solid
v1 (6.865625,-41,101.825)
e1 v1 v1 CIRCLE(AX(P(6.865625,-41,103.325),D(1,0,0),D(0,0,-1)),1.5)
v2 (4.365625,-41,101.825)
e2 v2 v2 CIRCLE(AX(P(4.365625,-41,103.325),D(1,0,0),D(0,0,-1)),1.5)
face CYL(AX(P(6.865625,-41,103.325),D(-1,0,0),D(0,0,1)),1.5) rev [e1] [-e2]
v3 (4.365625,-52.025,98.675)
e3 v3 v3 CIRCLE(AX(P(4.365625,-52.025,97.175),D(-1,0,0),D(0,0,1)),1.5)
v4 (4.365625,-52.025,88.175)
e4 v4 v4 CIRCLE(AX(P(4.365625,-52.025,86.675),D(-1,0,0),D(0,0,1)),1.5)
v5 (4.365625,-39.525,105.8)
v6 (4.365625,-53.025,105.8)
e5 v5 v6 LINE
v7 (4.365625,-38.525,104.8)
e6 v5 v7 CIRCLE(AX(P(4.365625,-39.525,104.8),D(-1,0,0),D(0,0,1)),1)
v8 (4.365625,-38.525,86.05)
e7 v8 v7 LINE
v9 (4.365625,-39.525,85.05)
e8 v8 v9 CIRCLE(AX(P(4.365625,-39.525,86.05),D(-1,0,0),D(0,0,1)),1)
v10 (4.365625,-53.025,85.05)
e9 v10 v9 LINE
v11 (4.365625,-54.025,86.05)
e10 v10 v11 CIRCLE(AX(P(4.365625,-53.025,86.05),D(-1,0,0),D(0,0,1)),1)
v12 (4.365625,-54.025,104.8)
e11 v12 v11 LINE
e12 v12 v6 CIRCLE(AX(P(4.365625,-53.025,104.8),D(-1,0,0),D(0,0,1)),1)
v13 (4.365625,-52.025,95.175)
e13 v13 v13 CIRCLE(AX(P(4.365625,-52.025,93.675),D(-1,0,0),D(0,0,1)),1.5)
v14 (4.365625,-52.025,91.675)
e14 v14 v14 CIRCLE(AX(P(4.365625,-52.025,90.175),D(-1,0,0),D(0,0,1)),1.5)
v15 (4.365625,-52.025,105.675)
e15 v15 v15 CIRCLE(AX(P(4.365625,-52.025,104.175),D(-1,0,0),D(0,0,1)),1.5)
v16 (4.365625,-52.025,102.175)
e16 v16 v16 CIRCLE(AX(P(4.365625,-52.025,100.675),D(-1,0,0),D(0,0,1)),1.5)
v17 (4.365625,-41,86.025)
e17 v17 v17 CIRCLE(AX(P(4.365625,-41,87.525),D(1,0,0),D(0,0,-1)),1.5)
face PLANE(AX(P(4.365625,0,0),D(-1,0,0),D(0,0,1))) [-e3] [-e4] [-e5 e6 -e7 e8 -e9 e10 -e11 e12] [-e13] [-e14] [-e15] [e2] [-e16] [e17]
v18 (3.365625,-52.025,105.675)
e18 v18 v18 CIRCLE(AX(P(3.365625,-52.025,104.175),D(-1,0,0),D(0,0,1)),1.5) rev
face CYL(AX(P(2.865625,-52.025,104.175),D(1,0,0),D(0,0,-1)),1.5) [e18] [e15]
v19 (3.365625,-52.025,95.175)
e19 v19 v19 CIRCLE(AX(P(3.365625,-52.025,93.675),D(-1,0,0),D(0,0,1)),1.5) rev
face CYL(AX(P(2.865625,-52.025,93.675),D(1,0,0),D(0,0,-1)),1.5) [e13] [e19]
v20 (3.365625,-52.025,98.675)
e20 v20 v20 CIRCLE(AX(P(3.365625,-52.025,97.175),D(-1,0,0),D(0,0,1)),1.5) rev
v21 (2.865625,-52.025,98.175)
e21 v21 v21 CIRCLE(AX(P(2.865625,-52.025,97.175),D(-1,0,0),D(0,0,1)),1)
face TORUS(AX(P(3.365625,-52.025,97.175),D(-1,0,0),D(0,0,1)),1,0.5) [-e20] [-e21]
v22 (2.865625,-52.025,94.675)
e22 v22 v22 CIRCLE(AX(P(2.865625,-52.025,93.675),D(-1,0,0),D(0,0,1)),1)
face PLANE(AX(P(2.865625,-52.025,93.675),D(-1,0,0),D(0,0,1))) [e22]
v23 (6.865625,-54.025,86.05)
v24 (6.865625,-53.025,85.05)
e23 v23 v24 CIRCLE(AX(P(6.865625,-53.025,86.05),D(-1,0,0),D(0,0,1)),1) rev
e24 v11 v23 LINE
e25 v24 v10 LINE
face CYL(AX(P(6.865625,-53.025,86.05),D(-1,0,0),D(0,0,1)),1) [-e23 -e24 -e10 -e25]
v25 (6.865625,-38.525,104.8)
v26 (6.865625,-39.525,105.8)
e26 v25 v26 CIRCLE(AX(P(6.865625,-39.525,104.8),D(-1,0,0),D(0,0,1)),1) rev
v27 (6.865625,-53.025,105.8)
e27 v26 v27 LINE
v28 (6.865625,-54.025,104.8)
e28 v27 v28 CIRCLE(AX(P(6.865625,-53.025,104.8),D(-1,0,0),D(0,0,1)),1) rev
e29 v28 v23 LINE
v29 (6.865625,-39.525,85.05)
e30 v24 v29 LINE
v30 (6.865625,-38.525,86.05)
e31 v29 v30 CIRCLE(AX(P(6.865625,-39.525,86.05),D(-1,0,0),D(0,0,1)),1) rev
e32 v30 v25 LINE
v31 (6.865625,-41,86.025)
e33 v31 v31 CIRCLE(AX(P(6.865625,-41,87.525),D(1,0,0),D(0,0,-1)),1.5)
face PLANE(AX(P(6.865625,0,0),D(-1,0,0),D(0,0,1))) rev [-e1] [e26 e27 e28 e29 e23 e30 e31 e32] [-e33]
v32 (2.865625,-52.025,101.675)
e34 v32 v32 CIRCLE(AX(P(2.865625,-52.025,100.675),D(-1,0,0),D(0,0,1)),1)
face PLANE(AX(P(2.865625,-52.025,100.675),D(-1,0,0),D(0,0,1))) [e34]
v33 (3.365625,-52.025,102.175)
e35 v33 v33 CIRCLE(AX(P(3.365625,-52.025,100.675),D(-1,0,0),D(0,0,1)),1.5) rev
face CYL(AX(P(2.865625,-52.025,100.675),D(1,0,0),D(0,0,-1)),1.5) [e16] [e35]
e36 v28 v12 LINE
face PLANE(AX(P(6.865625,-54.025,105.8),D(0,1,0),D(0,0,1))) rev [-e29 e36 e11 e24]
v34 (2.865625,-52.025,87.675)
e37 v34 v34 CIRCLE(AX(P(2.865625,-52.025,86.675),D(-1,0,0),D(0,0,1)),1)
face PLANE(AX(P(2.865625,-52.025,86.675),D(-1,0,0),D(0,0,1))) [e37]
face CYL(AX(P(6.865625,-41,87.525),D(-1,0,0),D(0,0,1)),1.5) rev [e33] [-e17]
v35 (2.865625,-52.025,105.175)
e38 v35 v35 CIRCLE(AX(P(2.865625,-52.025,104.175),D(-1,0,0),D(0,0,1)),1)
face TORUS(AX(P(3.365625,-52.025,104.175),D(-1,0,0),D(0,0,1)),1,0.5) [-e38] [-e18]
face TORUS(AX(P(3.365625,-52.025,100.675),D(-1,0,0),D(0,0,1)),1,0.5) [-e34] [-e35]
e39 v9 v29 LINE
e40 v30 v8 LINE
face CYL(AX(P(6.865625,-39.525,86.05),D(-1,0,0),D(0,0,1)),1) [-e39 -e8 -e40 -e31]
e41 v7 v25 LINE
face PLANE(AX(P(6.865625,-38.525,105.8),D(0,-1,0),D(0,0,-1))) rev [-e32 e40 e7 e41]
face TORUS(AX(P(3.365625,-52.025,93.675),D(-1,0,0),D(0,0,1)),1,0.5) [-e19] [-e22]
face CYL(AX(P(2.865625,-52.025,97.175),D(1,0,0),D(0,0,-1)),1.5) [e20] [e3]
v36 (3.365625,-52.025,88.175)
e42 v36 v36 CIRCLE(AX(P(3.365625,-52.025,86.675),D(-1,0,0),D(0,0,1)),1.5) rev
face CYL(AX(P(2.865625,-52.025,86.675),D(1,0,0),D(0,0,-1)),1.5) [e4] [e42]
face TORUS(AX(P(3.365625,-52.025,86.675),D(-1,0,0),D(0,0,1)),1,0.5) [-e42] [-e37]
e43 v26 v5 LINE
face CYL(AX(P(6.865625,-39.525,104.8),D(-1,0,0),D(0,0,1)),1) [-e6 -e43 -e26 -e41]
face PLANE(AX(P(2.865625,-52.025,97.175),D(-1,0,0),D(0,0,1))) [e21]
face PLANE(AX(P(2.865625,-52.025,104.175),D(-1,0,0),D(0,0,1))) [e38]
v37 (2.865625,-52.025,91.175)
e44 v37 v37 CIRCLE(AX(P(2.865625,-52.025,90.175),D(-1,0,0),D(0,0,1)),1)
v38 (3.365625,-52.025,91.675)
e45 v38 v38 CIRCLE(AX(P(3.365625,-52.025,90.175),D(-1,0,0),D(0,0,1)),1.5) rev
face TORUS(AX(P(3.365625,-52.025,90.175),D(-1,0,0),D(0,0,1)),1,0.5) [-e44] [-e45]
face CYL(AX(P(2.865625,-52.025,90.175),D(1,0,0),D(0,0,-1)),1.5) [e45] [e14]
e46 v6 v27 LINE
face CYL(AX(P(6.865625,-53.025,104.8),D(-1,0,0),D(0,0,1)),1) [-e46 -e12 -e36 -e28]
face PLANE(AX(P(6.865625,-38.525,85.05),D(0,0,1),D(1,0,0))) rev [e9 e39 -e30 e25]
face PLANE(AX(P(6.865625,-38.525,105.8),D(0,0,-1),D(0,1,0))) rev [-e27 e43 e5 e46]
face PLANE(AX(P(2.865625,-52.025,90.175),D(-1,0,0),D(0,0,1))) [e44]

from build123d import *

# Parameters (mm, degrees)
SKETCH1_R                               = 2.25
SKETCH1_R_2                             = 17.5641
BOSS_EXTRUDE1_DEPTH                     = 4.365625
SKETCH2_W                               = 78.1
SKETCH2_H                               = 43.1
BOSS_EXTRUDE2_DEPTH                     = 8.73125
M4_CLEARANCE_HOLE2_AT_2_COUNT           = 2
M4_CLEARANCE_HOLE2_AT_2_PITCH           = 28.1
M4_CLEARANCE_HOLE2_AT_3_COUNT           = 2
M4_CLEARANCE_HOLE2_AT_3_PITCH           = 69.07401827
M4_CLEARANCE_HOLE2_AT_4_COUNT           = 2
M4_CLEARANCE_HOLE2_AT_4_PITCH           = 63.1
SKETCH24_W                              = 78.1
SKETCH24_H                              = 43.1
BOSS_EXTRUDE3_DEPTH                     = 8.73125
TAP_DRILL_FOR_M4X0_7_TAP1_AT_2_COUNT    = 2
TAP_DRILL_FOR_M4X0_7_TAP1_AT_2_PITCH    = 28.1
TAP_DRILL_FOR_M4X0_7_TAP1_AT_3_COUNT    = 2
TAP_DRILL_FOR_M4X0_7_TAP1_AT_3_PITCH    = 69.07401827
TAP_DRILL_FOR_M4X0_7_TAP1_AT_4_COUNT    = 2
TAP_DRILL_FOR_M4X0_7_TAP1_AT_4_PITCH    = 63.1
TAP_DRILL_FOR_M3X0_5_TAP1_AT_2_COUNT    = 2
TAP_DRILL_FOR_M3X0_5_TAP1_AT_2_PITCH    = 36
TAP_DRILL_FOR_M3X0_5_TAP1_AT_3_COUNT    = 2
TAP_DRILL_FOR_M3X0_5_TAP1_AT_3_PITCH    = 28
TAP_DRILL_FOR_M3X0_5_TAP1_AT_4_COUNT    = 2
TAP_DRILL_FOR_M3X0_5_TAP1_AT_4_PITCH    = 45.607017004
TAP_DRILL_FOR_M2_5X0_45_TAP2_AT_2_COUNT = 2
TAP_DRILL_FOR_M2_5X0_45_TAP2_AT_2_PITCH = 15.8
SKETCH3_R                               = 17.5641
CUT_EXTRUDE3_DEPTH                      = 181.027817403
M6_CLEARANCE_HOLE2_AT_2_COUNT           = 2
M6_CLEARANCE_HOLE2_AT_2_PITCH           = 80
SKETCH14_W                              = 86.5
SKETCH14_H                              = 58.5
CUT_EXTRUDE4_DEPTH                      = 2
FILLET4_R                               = 10
M4_CLEARANCE_HOLE1_AT_2_COUNT           = 2
M4_CLEARANCE_HOLE1_AT_2_PITCH           = 14.136551913
M4_CLEARANCE_HOLE1_AT_3_COUNT           = 2
M4_CLEARANCE_HOLE1_AT_3_PITCH           = 7.068275957
M6_CLEARANCE_HOLE1_AT_2_COUNT           = 2
M6_CLEARANCE_HOLE1_AT_2_PITCH           = 25.4
FILLET5_R                               = 5
FILLET6_R                               = 5
SKETCH28_W                              = 15.5
SKETCH28_H                              = 20.75
SKETCH28_R                              = 1.5
BOSS_EXTRUDE4_DEPTH                     = 2.5
FILLET7_R                               = 1
SKETCH29_R                              = 1.5
BOSS_EXTRUDE5_DEPTH                     = 1.5
FILLET8_R                               = 0.5


with BuildPart() as part:
    # Sketch1 → Boss-Extrude1 (new, symmetric)
    with BuildSketch(Plane.YZ):
        Polygon((0, 170.95), (-50, 110.95), (-50, -79.05), (50, -79.05), (50, 110.95), align=None)
        with Locations((-26.25, -56.8)):
            Circle(SKETCH1_R, mode=Mode.SUBTRACT)
        with Locations((-26.25, -32.3)):
            Circle(SKETCH1_R, mode=Mode.SUBTRACT)
        with Locations((26.25, -56.8)):
            Circle(SKETCH1_R, mode=Mode.SUBTRACT)
        with Locations((26.25, -32.3)):
            Circle(SKETCH1_R, mode=Mode.SUBTRACT)
        Circle(SKETCH1_R_2, mode=Mode.SUBTRACT)
    extrude(amount=BOSS_EXTRUDE1_DEPTH, both=True)


with BuildPart() as body_2:
    # Sketch2 → Boss-Extrude2 (new body)
    with BuildSketch(Plane.YZ.offset(4.365625)):
        Rectangle(SKETCH2_W, SKETCH2_H)
    extrude(amount=BOSS_EXTRUDE2_DEPTH)


with BuildPart() as m4_clearance_hole2_tool:
    # Sketch23 → M4 Clearance Hole2 (revolve)
    with BuildSketch(Plane(origin=(13.096875, -31.55, 14.05), x_dir=(0, 0, -1), z_dir=(0, 1, 0))):
        Polygon((0, 0), (0, 17.4625), (2.25, 17.4625), (2.25, 0.025), (2.275, 0), align=None)
    m4_clearance_hole2 = revolve(axis=Axis((19.446875, -31.55, 14.05), (-1, 0, 0)))


with BuildPart() as part_1:
    add(part.part)

    # M4 Clearance Hole2: cut by m4_clearance_hole2_tool
    add(m4_clearance_hole2_tool.part, mode=Mode.SUBTRACT)


with BuildPart() as body_2_1:
    add(body_2.part)

    # M4 Clearance Hole2: cut by m4_clearance_hole2_tool
    add(m4_clearance_hole2_tool.part, mode=Mode.SUBTRACT)


with BuildPart() as m4_clearance_hole2_at_2_tool:
    # M4 Clearance Hole2 at 2: M4 Clearance Hole2 ×2
    with Locations(*[(0, 0, -i * M4_CLEARANCE_HOLE2_AT_2_PITCH) for i in range(1, M4_CLEARANCE_HOLE2_AT_2_COUNT)]):
        add(m4_clearance_hole2)


with BuildPart() as part_2:
    add(part_1.part)

    # M4 Clearance Hole2 at 2: cut by m4_clearance_hole2_at_2_tool
    add(m4_clearance_hole2_at_2_tool.part, mode=Mode.SUBTRACT)


with BuildPart() as body_2_2:
    add(body_2_1.part)

    # M4 Clearance Hole2 at 2: cut by m4_clearance_hole2_at_2_tool
    add(m4_clearance_hole2_at_2_tool.part, mode=Mode.SUBTRACT)


with BuildPart() as m4_clearance_hole2_at_3_tool:
    # M4 Clearance Hole2 at 3: M4 Clearance Hole2 ×2
    with Locations(*[Vector(0, 0.9135128023552276, -0.40680998012966574) * (i * M4_CLEARANCE_HOLE2_AT_3_PITCH) for i in range(1, M4_CLEARANCE_HOLE2_AT_3_COUNT)]):
        add(m4_clearance_hole2)


with BuildPart() as part_3:
    add(part_2.part)

    # M4 Clearance Hole2 at 3: cut by m4_clearance_hole2_at_3_tool
    add(m4_clearance_hole2_at_3_tool.part, mode=Mode.SUBTRACT)


with BuildPart() as body_2_3:
    add(body_2_2.part)

    # M4 Clearance Hole2 at 3: cut by m4_clearance_hole2_at_3_tool
    add(m4_clearance_hole2_at_3_tool.part, mode=Mode.SUBTRACT)


with BuildPart() as m4_clearance_hole2_at_4_tool:
    # M4 Clearance Hole2 at 4: M4 Clearance Hole2 ×2
    with Locations(*[(0, i * M4_CLEARANCE_HOLE2_AT_4_PITCH, 0) for i in range(1, M4_CLEARANCE_HOLE2_AT_4_COUNT)]):
        add(m4_clearance_hole2)


with BuildPart() as part_4:
    add(part_3.part)

    # M4 Clearance Hole2 at 4: cut by m4_clearance_hole2_at_4_tool
    add(m4_clearance_hole2_at_4_tool.part, mode=Mode.SUBTRACT)

    # Sketch7 → Tap Drill for M3x0.5 Tap1 (revolve, cut)
    with BuildSketch(Plane(origin=(4.365625, -18, -24.05), x_dir=(0, 0, -1), z_dir=(0, 1, 0))):
        Polygon((0, 0), (0, 17.4625), (1.25, 17.4625), (1.25, 0.025), (1.275, 0), align=None)
    tap_drill_for_m3x0_5_tap1 = revolve(axis=Axis((10.715625, -18, -24.05), (-1, 0, 0)), mode=Mode.SUBTRACT)

    # Tap Drill for M3x0.5 Tap1 at 2: Tap Drill for M3x0.5 Tap1 ×2
    with Locations(*[(0, i * TAP_DRILL_FOR_M3X0_5_TAP1_AT_2_PITCH, 0) for i in range(1, TAP_DRILL_FOR_M3X0_5_TAP1_AT_2_COUNT)]):
        add(tap_drill_for_m3x0_5_tap1, mode=Mode.SUBTRACT)

    # Tap Drill for M3x0.5 Tap1 at 3: Tap Drill for M3x0.5 Tap1 ×2
    with Locations(*[(0, 0, -i * TAP_DRILL_FOR_M3X0_5_TAP1_AT_3_PITCH) for i in range(1, TAP_DRILL_FOR_M3X0_5_TAP1_AT_3_COUNT)]):
        add(tap_drill_for_m3x0_5_tap1, mode=Mode.SUBTRACT)

    # Tap Drill for M3x0.5 Tap1 at 4: Tap Drill for M3x0.5 Tap1 ×2
    with Locations(*[Vector(0, 0.7893522173763264, -0.6139406135149205) * (i * TAP_DRILL_FOR_M3X0_5_TAP1_AT_4_PITCH) for i in range(1, TAP_DRILL_FOR_M3X0_5_TAP1_AT_4_COUNT)]):
        add(tap_drill_for_m3x0_5_tap1, mode=Mode.SUBTRACT)

    # Sketch10 → Tap Drill for M2.5x0.45 Tap2 (revolve, cut)
    with BuildSketch(Plane(origin=(4.365625, -41, 103.325), x_dir=(0, 0, -1), z_dir=(0, 1, 0))):
        Polygon((0, 0), (0, 17.4625), (1.025, 17.4625), (1.025, 0.025), (1.05, 0), align=None)
    tap_drill_for_m2_5x0_45_tap2 = revolve(axis=Axis((10.715625, -41, 103.325), (-1, 0, 0)), mode=Mode.SUBTRACT)

    # Tap Drill for M2.5x0.45 Tap2 at 2: Tap Drill for M2.5x0.45 Tap2 ×2
    with Locations(*[(0, 0, -i * TAP_DRILL_FOR_M2_5X0_45_TAP2_AT_2_PITCH) for i in range(1, TAP_DRILL_FOR_M2_5X0_45_TAP2_AT_2_COUNT)]):
        add(tap_drill_for_m2_5x0_45_tap2, mode=Mode.SUBTRACT)

    # Sketch12 → M6 Clearance Hole2 (revolve, cut)
    with BuildSketch(Plane(origin=(4.365625, -40, -69.05), x_dir=(0, 0, -1), z_dir=(0, 1, 0))):
        Polygon((0, 0), (0, 17.4625), (3.3, 17.4625), (3.3, 0.025), (3.325, 0), align=None)
    m6_clearance_hole2 = revolve(axis=Axis((10.715625, -40, -69.05), (-1, 0, 0)), mode=Mode.SUBTRACT)

    # M6 Clearance Hole2 at 2: M6 Clearance Hole2 ×2
    with Locations(*[(0, i * M6_CLEARANCE_HOLE2_AT_2_PITCH, 0) for i in range(1, M6_CLEARANCE_HOLE2_AT_2_COUNT)]):
        add(m6_clearance_hole2, mode=Mode.SUBTRACT)

    # Sketch14 → Cut-Extrude4 (cut)
    with BuildSketch(Plane.YZ.offset(4.365625)):
        with Locations((0, 50.8)):
            Rectangle(SKETCH14_W, SKETCH14_H)
    extrude(amount=-CUT_EXTRUDE4_DEPTH, mode=Mode.SUBTRACT)

    # Fillet4
    fillet4_edges = [part_4.edges().sort_by_distance(p)[0] for p in [
        (0, 50, -79.05),
        (0, -50, -79.05),
        (0, 50, 110.95),
        (0, 0, 170.95),
        (0, -50, 110.95),
    ]]
    fillet(fillet4_edges, radius=FILLET4_R)

    # Sketch16 → M4 Clearance Hole1 (revolve, cut)
    with BuildSketch(Plane(origin=(4.365625, 0, 155.329500648), x_dir=(0, 0, -1), z_dir=(0, 1, 0))):
        Polygon((0, 0), (0, 17.4625), (2.25, 17.4625), (2.25, 0.025), (2.275, 0), align=None)
    m4_clearance_hole1 = revolve(axis=Axis((10.715625, 0, 155.329500648), (-1, 0, 0)), mode=Mode.SUBTRACT)

    # M4 Clearance Hole1 at 2: M4 Clearance Hole1 ×2
    with Locations(*[(0, 0, -i * M4_CLEARANCE_HOLE1_AT_2_PITCH) for i in range(1, M4_CLEARANCE_HOLE1_AT_2_COUNT)]):
        add(m4_clearance_hole1, mode=Mode.SUBTRACT)

    # M4 Clearance Hole1 at 3: M4 Clearance Hole1 ×2
    with Locations(*[(0, 0, -i * M4_CLEARANCE_HOLE1_AT_3_PITCH) for i in range(1, M4_CLEARANCE_HOLE1_AT_3_COUNT)]):
        add(m4_clearance_hole1, mode=Mode.SUBTRACT)

    # Sketch21 → M6 Clearance Hole1 (revolve, cut)
    with BuildSketch(Plane(origin=(4.365625, 0, 131.273931646), x_dir=(0, 0, -1), z_dir=(0, 1, 0))):
        Polygon((0, 0), (0, 17.4625), (3.3, 17.4625), (3.3, 0.025), (3.325, 0), align=None)
    m6_clearance_hole1 = revolve(axis=Axis((10.715625, 0, 131.273931646), (-1, 0, 0)), mode=Mode.SUBTRACT)

    # M6 Clearance Hole1 at 2: M6 Clearance Hole1 ×2
    with Locations(*[(0, 0, -i * M6_CLEARANCE_HOLE1_AT_2_PITCH) for i in range(1, M6_CLEARANCE_HOLE1_AT_2_COUNT)]):
        add(m6_clearance_hole1, mode=Mode.SUBTRACT)


with BuildPart() as body_2_4:
    add(body_2_3.part)

    # M4 Clearance Hole2 at 4: cut by m4_clearance_hole2_at_4_tool
    add(m4_clearance_hole2_at_4_tool.part, mode=Mode.SUBTRACT)


with BuildPart() as body_3:
    # Sketch24 → Boss-Extrude3 (new body)
    with BuildSketch(Plane(origin=(-4.365625, 0, 0), x_dir=(0, -1, 0), z_dir=(-1, 0, 0))):
        Rectangle(SKETCH24_W, SKETCH24_H)
    extrude(amount=BOSS_EXTRUDE3_DEPTH)

    # Sketch27 → Tap Drill for M4x0.7 Tap1 (revolve, cut)
    with BuildSketch(Plane(origin=(-13.096875, 31.55, 14.05), x_dir=(0, 0, 1), z_dir=(0, 1, 0))):
        Polygon((0, 0), (0, 9.722670021), (1.65, 8.73125), (1.65, 0.025), (1.675, 0), align=None)
    tap_drill_for_m4x0_7_tap1 = revolve(axis=Axis((-19.446875, 31.55, 14.05), (1, 0, 0)), mode=Mode.SUBTRACT)

    # Tap Drill for M4x0.7 Tap1 at 2: Tap Drill for M4x0.7 Tap1 ×2
    with Locations(*[(0, 0, -i * TAP_DRILL_FOR_M4X0_7_TAP1_AT_2_PITCH) for i in range(1, TAP_DRILL_FOR_M4X0_7_TAP1_AT_2_COUNT)]):
        add(tap_drill_for_m4x0_7_tap1, mode=Mode.SUBTRACT)

    # Tap Drill for M4x0.7 Tap1 at 3: Tap Drill for M4x0.7 Tap1 ×2
    with Locations(*[Vector(0, -0.9135128023552276, -0.40680998012966574) * (i * TAP_DRILL_FOR_M4X0_7_TAP1_AT_3_PITCH) for i in range(1, TAP_DRILL_FOR_M4X0_7_TAP1_AT_3_COUNT)]):
        add(tap_drill_for_m4x0_7_tap1, mode=Mode.SUBTRACT)

    # Tap Drill for M4x0.7 Tap1 at 4: Tap Drill for M4x0.7 Tap1 ×2
    with Locations(*[(0, -i * TAP_DRILL_FOR_M4X0_7_TAP1_AT_4_PITCH, 0) for i in range(1, TAP_DRILL_FOR_M4X0_7_TAP1_AT_4_COUNT)]):
        add(tap_drill_for_m4x0_7_tap1, mode=Mode.SUBTRACT)


with BuildPart() as cut_extrude3_tool:
    # Sketch3 → Cut-Extrude3 (new, through all)
    with BuildSketch(Plane.YZ.offset(13.096875)):
        Circle(SKETCH3_R)
    extrude(amount=-CUT_EXTRUDE3_DEPTH)


with BuildPart() as body_2_5:
    add(body_2_4.part)

    # Cut-Extrude3: cut by cut_extrude3_tool
    add(cut_extrude3_tool.part, mode=Mode.SUBTRACT)

    # Fillet6
    fillet6_edges = [body_2_5.edges().sort_by_distance(p)[0] for p in [
        (8.73125, -39.05, 21.55),
        (8.73125, 39.05, -21.55),
        (8.73125, -39.05, -21.55),
        (8.73125, 39.05, 21.55),
    ]]
    fillet(fillet6_edges, radius=FILLET6_R)


with BuildPart() as body_3_1:
    add(body_3.part)

    # Cut-Extrude3: cut by cut_extrude3_tool
    add(cut_extrude3_tool.part, mode=Mode.SUBTRACT)

    # Fillet5
    fillet5_edges = [body_3_1.edges().sort_by_distance(p)[0] for p in [
        (-8.73125, -39.05, 21.55),
        (-8.73125, -39.05, -21.55),
        (-8.73125, 39.05, -21.55),
        (-8.73125, 39.05, 21.55),
    ]]
    fillet(fillet5_edges, radius=FILLET5_R)


with BuildPart() as body_4:
    # Sketch28 → Boss-Extrude4 (new body)
    with BuildSketch(Plane.YZ.offset(4.365625)):
        with Locations((-46.275, 95.425)):
            Rectangle(SKETCH28_W, SKETCH28_H)
        with Locations((-41, 87.525)):
            Circle(SKETCH28_R, mode=Mode.SUBTRACT)
        with Locations((-41, 103.325)):
            Circle(SKETCH28_R, mode=Mode.SUBTRACT)
    extrude(amount=BOSS_EXTRUDE4_DEPTH)

    # Fillet7
    fillet7_edges = [body_4.edges().sort_by_distance(p)[0] for p in [
        (5.615625, -38.525, 105.8),
        (5.615625, -38.525, 85.05),
        (5.615625, -54.025, 85.05),
        (5.615625, -54.025, 105.8),
    ]]
    fillet(fillet7_edges, radius=FILLET7_R)

    # Sketch29 → Boss-Extrude5 (add)
    with BuildSketch(Plane(origin=(4.365625, 0, 0), x_dir=(0, -1, 0), z_dir=(-1, 0, 0))):
        with Locations((52.025, 104.175)):
            Circle(SKETCH29_R)
        with Locations((52.025, 100.675)):
            Circle(SKETCH29_R)
        with Locations((52.025, 97.175)):
            Circle(SKETCH29_R)
        with Locations((52.025, 93.675)):
            Circle(SKETCH29_R)
        with Locations((52.025, 90.175)):
            Circle(SKETCH29_R)
        with Locations((52.025, 86.675)):
            Circle(SKETCH29_R)
    extrude(amount=BOSS_EXTRUDE5_DEPTH)

    # Fillet8
    fillet8_edges = [body_4.edges().sort_by_distance(p)[0] for p in [
        (2.865625, -50.525, 86.675),
        (2.865625, -50.525, 90.175),
        (2.865625, -50.525, 93.675),
        (2.865625, -50.525, 97.175),
        (2.865625, -50.525, 100.675),
        (2.865625, -50.525, 104.175),
    ]]
    fillet(fillet8_edges, radius=FILLET8_R)


solid = body_4.part
